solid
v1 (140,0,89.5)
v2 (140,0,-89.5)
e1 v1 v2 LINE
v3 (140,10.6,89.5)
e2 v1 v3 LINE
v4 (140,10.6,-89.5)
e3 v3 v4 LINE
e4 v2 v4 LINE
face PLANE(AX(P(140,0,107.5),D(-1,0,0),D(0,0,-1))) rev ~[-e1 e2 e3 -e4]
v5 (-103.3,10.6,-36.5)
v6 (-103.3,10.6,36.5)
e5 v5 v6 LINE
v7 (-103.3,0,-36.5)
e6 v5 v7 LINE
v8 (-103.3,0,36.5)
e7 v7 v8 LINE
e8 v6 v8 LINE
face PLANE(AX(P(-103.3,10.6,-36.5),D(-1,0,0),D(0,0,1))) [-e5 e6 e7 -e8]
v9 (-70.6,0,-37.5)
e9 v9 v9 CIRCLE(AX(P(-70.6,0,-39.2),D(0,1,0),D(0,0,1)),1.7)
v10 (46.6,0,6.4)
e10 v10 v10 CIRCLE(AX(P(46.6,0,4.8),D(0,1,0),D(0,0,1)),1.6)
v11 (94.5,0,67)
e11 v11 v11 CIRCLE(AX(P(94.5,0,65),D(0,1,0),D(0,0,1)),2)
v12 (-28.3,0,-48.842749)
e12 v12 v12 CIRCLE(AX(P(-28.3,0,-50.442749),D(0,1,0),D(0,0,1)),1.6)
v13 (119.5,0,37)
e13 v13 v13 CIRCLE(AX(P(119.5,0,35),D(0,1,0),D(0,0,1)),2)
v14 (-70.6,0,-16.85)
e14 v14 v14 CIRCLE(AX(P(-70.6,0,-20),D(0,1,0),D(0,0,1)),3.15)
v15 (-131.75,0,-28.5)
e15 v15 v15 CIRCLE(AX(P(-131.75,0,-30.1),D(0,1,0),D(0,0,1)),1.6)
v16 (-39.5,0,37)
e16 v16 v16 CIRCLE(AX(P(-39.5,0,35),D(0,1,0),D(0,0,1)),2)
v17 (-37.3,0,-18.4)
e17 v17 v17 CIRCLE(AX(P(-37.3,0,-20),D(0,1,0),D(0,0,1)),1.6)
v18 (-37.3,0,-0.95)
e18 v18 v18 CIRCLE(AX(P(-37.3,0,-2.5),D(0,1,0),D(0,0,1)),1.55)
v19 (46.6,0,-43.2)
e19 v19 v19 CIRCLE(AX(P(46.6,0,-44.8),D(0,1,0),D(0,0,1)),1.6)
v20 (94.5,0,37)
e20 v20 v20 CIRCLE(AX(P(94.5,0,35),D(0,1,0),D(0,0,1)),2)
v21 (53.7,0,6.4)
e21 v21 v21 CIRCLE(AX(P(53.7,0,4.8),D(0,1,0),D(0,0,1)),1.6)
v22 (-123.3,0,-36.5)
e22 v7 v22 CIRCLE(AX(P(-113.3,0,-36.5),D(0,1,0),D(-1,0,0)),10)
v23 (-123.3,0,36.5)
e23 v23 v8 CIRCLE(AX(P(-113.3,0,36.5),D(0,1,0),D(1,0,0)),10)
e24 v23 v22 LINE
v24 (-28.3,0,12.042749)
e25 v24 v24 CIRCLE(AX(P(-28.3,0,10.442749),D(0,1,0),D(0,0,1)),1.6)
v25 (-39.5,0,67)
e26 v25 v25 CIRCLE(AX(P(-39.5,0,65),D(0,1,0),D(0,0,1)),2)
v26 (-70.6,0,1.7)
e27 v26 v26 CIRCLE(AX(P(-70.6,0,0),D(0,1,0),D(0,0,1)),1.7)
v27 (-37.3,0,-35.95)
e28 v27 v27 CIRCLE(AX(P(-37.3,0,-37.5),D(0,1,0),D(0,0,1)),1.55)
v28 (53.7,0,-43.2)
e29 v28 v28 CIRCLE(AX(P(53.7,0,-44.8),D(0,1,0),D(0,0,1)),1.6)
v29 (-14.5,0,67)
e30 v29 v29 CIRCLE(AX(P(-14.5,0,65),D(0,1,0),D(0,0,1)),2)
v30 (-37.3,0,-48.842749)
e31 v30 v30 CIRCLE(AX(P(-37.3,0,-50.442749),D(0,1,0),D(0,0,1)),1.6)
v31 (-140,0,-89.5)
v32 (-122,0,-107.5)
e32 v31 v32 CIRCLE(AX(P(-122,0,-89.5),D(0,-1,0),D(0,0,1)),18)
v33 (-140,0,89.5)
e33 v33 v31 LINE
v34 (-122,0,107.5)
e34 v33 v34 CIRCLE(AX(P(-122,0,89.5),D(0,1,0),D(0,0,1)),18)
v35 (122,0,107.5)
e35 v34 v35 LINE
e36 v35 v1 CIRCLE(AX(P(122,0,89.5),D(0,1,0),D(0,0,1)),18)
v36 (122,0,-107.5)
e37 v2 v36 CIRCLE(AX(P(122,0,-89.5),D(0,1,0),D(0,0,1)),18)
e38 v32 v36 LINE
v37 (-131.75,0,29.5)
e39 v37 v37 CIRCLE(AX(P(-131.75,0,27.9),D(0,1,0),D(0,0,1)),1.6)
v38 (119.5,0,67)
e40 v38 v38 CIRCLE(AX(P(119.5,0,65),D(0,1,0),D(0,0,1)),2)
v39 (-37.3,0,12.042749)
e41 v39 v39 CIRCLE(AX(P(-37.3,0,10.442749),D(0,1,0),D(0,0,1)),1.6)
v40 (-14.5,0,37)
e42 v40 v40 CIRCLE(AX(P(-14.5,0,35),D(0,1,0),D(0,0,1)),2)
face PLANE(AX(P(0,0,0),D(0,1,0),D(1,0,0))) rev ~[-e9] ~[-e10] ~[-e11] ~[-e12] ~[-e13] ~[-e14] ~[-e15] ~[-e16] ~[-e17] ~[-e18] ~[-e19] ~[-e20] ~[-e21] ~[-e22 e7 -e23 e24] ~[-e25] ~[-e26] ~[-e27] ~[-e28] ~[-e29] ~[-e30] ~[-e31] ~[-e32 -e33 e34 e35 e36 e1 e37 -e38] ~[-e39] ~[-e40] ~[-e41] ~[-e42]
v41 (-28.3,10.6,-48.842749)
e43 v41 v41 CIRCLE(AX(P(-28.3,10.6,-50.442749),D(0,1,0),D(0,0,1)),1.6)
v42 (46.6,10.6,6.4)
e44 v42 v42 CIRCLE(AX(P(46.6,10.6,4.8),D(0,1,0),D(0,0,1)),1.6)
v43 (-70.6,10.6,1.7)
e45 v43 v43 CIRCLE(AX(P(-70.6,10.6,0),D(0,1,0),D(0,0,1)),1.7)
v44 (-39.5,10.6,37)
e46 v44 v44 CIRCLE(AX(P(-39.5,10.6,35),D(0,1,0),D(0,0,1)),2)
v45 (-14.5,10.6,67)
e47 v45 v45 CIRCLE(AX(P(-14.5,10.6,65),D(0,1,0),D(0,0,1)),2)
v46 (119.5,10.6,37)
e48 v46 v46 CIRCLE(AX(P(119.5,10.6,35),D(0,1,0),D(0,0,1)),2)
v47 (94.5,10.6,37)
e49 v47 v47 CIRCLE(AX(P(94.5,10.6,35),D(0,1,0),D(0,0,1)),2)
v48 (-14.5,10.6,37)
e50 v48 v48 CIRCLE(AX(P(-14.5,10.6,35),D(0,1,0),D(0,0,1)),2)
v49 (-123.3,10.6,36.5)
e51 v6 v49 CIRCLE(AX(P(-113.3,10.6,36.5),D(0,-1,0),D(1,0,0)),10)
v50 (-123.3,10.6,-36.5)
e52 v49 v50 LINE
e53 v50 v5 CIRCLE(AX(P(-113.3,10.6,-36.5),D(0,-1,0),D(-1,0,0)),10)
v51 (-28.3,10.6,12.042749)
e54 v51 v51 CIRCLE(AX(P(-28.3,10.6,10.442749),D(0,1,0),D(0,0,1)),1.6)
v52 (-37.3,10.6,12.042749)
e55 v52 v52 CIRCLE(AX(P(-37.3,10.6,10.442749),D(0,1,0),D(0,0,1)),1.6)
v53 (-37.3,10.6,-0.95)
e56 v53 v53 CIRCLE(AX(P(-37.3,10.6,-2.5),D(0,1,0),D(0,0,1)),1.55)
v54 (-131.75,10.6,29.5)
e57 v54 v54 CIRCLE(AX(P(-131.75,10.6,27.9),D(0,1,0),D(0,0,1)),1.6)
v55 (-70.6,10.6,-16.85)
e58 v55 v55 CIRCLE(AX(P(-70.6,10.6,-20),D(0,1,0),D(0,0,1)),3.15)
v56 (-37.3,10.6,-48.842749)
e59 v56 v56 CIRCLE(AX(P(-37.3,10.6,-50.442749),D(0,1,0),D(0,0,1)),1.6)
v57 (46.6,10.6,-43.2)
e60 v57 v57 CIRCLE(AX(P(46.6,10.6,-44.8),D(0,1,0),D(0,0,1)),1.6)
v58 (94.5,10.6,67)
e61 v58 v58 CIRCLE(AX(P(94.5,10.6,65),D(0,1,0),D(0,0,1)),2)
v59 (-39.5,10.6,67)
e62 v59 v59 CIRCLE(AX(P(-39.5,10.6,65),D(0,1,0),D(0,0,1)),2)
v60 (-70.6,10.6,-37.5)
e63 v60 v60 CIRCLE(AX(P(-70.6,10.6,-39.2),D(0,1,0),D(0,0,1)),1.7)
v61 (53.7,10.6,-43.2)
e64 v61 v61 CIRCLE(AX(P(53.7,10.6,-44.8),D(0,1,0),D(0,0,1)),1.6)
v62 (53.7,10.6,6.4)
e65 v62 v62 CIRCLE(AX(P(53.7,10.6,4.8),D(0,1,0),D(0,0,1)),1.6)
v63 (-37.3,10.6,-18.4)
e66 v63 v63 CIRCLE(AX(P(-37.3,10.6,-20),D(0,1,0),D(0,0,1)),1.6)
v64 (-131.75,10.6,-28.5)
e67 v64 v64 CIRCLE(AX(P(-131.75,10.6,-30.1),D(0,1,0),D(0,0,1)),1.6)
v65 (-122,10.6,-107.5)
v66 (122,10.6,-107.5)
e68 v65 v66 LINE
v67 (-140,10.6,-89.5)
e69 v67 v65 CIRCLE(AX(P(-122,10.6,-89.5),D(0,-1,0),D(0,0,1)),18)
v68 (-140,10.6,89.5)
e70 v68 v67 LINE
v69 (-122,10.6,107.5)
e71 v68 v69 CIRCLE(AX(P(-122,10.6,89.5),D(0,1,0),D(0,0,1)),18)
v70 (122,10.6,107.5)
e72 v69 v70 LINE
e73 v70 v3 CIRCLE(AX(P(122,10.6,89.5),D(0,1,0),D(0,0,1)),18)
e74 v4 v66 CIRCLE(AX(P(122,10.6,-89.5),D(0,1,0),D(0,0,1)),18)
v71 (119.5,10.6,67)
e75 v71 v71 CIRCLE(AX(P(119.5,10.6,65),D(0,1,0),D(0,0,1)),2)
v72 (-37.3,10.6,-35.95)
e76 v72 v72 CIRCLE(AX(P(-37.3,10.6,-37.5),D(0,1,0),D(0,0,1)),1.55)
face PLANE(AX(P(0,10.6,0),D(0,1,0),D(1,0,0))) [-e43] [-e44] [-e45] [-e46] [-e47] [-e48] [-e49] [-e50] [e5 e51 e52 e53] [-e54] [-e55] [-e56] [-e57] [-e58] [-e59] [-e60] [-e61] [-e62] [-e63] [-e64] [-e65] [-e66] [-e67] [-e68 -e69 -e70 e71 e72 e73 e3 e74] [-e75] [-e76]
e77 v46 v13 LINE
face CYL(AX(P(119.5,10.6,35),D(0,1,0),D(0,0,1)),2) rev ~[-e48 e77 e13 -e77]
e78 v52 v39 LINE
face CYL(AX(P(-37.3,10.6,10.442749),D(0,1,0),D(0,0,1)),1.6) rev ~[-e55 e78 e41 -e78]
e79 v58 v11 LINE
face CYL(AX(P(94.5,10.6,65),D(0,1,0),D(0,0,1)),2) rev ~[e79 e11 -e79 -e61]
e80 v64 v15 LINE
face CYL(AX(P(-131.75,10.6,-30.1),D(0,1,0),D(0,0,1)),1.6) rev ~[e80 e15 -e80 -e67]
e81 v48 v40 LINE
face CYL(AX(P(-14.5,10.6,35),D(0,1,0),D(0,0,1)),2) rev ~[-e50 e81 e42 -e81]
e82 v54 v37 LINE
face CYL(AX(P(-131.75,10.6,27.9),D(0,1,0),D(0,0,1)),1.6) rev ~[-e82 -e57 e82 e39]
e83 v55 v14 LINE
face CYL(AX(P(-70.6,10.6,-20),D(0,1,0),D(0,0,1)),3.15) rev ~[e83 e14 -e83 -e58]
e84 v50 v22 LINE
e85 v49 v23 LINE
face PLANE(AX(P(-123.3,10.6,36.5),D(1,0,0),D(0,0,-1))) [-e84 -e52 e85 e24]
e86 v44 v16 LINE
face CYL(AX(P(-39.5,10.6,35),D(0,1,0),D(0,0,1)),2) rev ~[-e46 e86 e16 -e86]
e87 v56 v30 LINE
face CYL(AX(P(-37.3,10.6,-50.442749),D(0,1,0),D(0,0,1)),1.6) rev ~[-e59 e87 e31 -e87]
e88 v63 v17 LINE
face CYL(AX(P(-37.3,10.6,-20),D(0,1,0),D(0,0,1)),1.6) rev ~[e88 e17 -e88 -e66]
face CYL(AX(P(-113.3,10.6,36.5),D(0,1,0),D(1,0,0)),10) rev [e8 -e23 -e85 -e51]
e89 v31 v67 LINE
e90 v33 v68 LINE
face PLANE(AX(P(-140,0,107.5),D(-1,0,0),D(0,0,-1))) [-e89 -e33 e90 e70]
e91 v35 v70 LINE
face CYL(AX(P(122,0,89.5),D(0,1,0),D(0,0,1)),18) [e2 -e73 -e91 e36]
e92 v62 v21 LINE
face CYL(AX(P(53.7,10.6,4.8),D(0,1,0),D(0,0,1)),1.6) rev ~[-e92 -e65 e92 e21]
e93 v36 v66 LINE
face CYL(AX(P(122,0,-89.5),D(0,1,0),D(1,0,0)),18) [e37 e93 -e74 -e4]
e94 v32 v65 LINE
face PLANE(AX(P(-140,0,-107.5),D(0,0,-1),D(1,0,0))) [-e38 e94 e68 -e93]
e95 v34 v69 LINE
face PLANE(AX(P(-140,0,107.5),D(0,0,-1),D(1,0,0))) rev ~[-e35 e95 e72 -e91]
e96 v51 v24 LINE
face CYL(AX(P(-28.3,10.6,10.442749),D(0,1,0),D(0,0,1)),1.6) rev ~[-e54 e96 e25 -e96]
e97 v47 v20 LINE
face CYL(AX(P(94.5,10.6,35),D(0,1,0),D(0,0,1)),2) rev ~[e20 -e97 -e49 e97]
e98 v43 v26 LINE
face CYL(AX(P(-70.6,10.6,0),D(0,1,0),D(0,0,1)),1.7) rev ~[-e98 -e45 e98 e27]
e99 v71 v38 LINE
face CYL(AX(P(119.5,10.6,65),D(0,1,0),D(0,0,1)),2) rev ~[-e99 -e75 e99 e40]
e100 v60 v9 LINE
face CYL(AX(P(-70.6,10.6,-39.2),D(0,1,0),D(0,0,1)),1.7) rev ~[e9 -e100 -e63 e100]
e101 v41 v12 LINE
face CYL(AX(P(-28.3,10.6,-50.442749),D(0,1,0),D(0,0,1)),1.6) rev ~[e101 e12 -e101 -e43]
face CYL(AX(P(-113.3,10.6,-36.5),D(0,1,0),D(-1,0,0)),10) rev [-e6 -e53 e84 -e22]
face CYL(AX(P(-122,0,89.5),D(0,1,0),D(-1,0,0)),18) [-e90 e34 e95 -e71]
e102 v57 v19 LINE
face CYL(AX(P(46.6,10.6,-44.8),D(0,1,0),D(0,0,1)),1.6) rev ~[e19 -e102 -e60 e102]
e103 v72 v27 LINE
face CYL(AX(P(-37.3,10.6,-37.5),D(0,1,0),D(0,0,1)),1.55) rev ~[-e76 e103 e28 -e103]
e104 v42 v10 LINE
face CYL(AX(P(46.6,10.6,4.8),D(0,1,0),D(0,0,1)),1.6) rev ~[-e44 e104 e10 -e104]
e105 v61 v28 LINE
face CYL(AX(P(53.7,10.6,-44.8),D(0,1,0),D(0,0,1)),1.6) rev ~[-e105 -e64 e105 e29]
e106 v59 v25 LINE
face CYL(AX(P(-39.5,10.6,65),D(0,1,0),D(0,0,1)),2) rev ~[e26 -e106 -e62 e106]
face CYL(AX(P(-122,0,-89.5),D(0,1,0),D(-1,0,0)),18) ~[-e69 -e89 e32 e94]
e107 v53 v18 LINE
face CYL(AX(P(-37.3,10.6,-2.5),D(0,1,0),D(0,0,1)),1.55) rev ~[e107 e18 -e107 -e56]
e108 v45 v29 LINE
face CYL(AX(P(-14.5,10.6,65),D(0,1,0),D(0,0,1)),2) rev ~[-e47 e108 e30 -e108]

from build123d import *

# Parameters (mm, degrees)
SKETCH1_W           = 280
SKETCH1_H           = 215
BOSS_EXTRUDE1_DEPTH = 10.6
FILLET1_R           = 18
CUT_EXTRUDE1_DEPTH  = 177.829324491
SKETCH3_R           = 1.6
SKETCH3_R_2         = 3.15
SKETCH3_R_3         = 1.7
SKETCH3_R_4         = 1.55
SKETCH3_R_5         = 2
CUT_EXTRUDE2_DEPTH  = 177.829324491


with BuildPart() as part:
    # Sketch1 → Boss-Extrude1 (new body)
    with BuildSketch(Plane(origin=(0, 0, 0), x_dir=(1, 0, 0), z_dir=(0, 1, 0))):
        Rectangle(SKETCH1_W, SKETCH1_H)
    extrude(amount=BOSS_EXTRUDE1_DEPTH)

    # Fillet1
    fillet1_edges = [part.edges().sort_by_distance(p)[0] for p in [
        (-140, 5.3, -107.5),
        (140, 5.3, -107.5),
        (140, 5.3, 107.5),
        (-140, 5.3, 107.5),
    ]]
    fillet(fillet1_edges, radius=FILLET1_R)

    # Sketch2 → Cut-Extrude1 (cut, through all)
    with BuildSketch(Plane(origin=(0, 10.6, 0), x_dir=(1, 0, 0), z_dir=(0, 1, 0))):
        with BuildLine():
            Line((-123.3, -36.5), (-123.3, 36.5))
            ThreePointArc((-123.3, 36.5), (-113.3, 46.5), (-103.3, 36.5))
            Line((-103.3, 36.5), (-103.3, -36.5))
            ThreePointArc((-103.3, -36.5), (-113.3, -46.5), (-123.3, -36.5))
        make_face()
    extrude(amount=-CUT_EXTRUDE1_DEPTH, mode=Mode.SUBTRACT)

    # Sketch3 → Cut-Extrude2 (cut, through all)
    with BuildSketch(Plane(origin=(0, 10.6, 0), x_dir=(1, 0, 0), z_dir=(0, 1, 0))):
        with Locations(Location((-131.75, -27.9, 0), (0, 0, 270))):
            Circle(SKETCH3_R)
        with Locations(Location((-131.75, 30.1, 0), (0, 0, 270))):
            Circle(SKETCH3_R)
        with Locations(Location((-70.6, 20, 0), (0, 0, 270))):
            Circle(SKETCH3_R_2)
        with Locations(Location((-70.6, 0, 0), (0, 0, 270))):
            Circle(SKETCH3_R_3)
        with Locations(Location((-28.3, -10.442748969, 0), (0, 0, 270))):
            Circle(SKETCH3_R)
        with Locations(Location((-37.3, -10.442748969, 0), (0, 0, 270))):
            Circle(SKETCH3_R)
        with Locations(Location((-37.3, 2.5, 0), (0, 0, 270))):
            Circle(SKETCH3_R_4)
        with Locations(Location((-37.3, 20, 0), (0, 0, 270))):
            Circle(SKETCH3_R)
        with Locations(Location((-37.3, 37.5, 0), (0, 0, 270))):
            Circle(SKETCH3_R_4)
        with Locations(Location((-28.3, 50.442748969, 0), (0, 0, 270))):
            Circle(SKETCH3_R)
        with Locations(Location((-37.3, 50.442748969, 0), (0, 0, 270))):
            Circle(SKETCH3_R)
        with Locations(Location((46.6, -4.8, 0), (0, 0, 270))):
            Circle(SKETCH3_R)
        with Locations(Location((46.6, 44.8, 0), (0, 0, 270))):
            Circle(SKETCH3_R)
        with Locations(Location((-70.6, 39.2, 0), (0, 0, 270))):
            Circle(SKETCH3_R_3)
        with Locations(Location((53.7, 44.8, 0), (0, 0, 270))):
            Circle(SKETCH3_R)
        with Locations(Location((53.7, -4.8, 0), (0, 0, 270))):
            Circle(SKETCH3_R)
        with Locations(Location((-39.5, -35, 0), (0, 0, 270))):
            Circle(SKETCH3_R_5)
        with Locations(Location((-14.5, -35, 0), (0, 0, 270))):
            Circle(SKETCH3_R_5)
        with Locations(Location((-39.5, -65, 0), (0, 0, 270))):
            Circle(SKETCH3_R_5)
        with Locations(Location((-14.5, -65, 0), (0, 0, 270))):
            Circle(SKETCH3_R_5)
        with Locations(Location((94.5, -35, 0), (0, 0, 270))):
            Circle(SKETCH3_R_5)
        with Locations(Location((119.5, -35, 0), (0, 0, 270))):
            Circle(SKETCH3_R_5)
        with Locations(Location((94.5, -65, 0), (0, 0, 270))):
            Circle(SKETCH3_R_5)
        with Locations(Location((119.5, -65, 0), (0, 0, 270))):
            Circle(SKETCH3_R_5)
    extrude(amount=-CUT_EXTRUDE2_DEPTH, mode=Mode.SUBTRACT)


solid = part.part
